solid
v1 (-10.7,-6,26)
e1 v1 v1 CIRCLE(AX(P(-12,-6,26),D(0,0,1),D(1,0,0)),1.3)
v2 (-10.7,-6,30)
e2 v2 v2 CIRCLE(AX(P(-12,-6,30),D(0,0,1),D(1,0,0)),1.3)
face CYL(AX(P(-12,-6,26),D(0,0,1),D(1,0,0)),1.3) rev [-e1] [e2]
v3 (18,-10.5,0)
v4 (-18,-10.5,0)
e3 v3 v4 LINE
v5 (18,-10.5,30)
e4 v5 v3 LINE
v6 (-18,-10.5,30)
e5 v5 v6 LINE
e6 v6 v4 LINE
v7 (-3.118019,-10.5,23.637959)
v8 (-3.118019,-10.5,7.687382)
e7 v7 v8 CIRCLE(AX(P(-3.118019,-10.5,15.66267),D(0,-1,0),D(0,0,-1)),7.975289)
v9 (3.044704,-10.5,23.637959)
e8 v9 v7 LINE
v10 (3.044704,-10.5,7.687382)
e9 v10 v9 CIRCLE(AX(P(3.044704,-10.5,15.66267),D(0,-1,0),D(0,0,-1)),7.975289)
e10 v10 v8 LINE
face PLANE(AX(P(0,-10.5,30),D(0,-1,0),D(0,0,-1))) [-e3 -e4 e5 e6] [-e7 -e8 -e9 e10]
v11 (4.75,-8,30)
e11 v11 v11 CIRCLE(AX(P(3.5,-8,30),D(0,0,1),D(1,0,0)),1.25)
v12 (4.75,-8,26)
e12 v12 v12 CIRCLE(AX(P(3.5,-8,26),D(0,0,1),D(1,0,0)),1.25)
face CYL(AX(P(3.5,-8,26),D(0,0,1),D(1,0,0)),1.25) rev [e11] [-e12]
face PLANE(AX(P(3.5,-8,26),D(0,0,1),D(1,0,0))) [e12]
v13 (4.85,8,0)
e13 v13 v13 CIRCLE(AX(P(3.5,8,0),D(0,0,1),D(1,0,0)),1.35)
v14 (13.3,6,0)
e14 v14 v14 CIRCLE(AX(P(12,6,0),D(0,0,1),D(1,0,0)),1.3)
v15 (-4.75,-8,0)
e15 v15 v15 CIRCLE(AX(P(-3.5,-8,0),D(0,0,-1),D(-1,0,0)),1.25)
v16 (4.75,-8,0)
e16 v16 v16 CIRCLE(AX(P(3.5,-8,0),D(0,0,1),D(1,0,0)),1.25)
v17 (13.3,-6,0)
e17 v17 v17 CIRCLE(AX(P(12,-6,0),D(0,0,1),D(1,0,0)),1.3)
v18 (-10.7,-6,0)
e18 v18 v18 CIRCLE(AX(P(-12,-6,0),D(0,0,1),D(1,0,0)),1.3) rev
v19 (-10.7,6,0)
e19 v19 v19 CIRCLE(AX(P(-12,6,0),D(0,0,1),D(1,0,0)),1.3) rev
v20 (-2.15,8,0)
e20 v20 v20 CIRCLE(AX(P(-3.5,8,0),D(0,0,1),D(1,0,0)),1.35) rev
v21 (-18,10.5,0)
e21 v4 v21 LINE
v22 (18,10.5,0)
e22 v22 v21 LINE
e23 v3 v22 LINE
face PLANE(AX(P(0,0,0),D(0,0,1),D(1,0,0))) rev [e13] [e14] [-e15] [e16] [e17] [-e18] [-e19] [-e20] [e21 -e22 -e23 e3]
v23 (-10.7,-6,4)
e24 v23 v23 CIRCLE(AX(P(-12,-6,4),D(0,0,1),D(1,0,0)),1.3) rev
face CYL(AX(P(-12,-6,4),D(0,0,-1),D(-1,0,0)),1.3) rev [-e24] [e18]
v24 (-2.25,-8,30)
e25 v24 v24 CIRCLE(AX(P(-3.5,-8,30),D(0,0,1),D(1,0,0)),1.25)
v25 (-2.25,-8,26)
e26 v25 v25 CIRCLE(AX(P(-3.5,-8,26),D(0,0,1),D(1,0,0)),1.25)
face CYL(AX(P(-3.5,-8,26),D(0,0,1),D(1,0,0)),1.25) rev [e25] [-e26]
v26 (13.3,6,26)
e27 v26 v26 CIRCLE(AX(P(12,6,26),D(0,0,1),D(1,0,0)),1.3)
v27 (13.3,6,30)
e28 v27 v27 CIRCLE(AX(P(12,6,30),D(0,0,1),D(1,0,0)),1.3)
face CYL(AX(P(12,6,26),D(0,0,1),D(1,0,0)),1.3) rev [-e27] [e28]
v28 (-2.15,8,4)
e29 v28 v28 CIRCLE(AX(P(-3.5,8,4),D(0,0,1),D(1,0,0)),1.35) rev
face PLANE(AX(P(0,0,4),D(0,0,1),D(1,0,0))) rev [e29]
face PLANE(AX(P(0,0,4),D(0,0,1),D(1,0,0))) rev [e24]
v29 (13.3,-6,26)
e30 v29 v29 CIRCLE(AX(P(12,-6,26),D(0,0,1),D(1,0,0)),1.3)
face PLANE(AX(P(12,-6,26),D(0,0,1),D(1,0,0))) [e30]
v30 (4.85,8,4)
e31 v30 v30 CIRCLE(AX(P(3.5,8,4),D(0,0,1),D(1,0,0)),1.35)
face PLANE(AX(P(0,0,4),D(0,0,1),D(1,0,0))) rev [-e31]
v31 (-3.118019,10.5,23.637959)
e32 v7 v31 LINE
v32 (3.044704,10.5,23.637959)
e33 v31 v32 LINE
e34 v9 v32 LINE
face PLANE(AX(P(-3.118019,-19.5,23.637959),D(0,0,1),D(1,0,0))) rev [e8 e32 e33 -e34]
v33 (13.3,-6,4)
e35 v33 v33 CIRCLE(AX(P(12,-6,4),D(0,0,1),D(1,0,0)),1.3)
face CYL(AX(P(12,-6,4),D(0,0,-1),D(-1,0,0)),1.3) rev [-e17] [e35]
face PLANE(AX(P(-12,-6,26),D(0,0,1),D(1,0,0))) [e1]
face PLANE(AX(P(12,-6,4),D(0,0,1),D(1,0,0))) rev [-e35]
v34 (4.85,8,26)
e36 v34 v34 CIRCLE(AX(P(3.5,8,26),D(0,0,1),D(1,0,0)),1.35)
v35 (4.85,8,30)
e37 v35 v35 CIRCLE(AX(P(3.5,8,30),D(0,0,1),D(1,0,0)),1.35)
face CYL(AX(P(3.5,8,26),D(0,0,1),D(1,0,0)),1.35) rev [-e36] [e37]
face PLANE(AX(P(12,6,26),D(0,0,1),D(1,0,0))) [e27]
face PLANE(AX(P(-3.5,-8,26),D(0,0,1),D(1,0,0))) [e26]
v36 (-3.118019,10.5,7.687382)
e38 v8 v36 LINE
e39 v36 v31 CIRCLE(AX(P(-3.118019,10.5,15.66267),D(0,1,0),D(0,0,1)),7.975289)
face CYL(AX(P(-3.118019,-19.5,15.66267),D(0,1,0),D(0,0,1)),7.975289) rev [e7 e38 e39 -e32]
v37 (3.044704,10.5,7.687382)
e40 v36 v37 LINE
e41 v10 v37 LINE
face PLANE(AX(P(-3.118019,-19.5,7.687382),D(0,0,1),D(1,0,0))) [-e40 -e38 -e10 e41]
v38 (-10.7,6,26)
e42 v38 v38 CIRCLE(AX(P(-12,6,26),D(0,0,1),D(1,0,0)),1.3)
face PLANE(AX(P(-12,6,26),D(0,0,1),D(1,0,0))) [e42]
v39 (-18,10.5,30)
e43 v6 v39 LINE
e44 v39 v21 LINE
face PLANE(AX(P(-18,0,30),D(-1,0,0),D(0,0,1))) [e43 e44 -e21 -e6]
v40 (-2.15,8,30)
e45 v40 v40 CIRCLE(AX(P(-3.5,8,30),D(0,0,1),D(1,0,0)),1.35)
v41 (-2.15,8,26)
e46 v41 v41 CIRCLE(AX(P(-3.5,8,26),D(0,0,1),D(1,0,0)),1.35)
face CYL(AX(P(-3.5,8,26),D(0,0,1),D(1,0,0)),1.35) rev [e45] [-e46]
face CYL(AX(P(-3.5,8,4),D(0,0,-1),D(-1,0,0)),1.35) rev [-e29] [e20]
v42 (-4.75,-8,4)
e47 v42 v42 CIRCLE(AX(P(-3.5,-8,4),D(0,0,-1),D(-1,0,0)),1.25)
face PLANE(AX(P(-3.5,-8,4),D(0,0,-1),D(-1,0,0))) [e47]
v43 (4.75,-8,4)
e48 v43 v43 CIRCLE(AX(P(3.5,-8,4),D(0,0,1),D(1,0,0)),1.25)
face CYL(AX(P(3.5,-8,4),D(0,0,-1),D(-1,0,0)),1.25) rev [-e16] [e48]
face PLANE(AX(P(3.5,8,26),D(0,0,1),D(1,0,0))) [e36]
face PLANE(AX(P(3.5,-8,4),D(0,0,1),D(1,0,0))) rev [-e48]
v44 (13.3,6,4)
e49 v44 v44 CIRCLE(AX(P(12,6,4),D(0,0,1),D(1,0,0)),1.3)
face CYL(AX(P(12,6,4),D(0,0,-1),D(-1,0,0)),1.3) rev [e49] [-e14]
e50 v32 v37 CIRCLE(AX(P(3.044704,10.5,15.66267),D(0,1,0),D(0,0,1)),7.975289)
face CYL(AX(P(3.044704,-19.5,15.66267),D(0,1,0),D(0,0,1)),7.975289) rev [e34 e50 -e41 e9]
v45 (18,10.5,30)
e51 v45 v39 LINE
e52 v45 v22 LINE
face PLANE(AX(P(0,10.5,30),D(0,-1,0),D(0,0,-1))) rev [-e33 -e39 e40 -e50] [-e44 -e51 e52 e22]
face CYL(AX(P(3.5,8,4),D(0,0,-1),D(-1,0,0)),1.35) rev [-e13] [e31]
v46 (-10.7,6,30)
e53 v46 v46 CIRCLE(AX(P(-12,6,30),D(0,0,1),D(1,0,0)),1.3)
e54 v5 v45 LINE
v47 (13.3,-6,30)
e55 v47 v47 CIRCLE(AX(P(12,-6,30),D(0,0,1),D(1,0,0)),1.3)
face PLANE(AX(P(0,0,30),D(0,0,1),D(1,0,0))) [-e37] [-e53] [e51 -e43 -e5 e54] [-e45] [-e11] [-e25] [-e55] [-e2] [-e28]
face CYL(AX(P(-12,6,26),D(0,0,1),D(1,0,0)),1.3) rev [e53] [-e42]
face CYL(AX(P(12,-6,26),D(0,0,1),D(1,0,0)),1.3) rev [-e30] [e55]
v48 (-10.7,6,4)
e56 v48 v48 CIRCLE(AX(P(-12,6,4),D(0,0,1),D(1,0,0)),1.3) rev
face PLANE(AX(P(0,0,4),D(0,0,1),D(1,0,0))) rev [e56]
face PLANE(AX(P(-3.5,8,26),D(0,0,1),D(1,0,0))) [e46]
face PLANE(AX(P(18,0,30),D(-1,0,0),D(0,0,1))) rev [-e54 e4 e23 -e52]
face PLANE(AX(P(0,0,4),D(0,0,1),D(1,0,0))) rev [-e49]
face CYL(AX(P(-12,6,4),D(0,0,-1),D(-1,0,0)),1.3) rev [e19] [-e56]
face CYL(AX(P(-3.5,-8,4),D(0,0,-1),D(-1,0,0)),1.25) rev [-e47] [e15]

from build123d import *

# Parameters (mm, degrees)
SKETCH_1_W          = 36
SKETCH_1_H          = 21
SKETCH_1_R          = 1.25
SKETCH_1_R_2        = 1.3
SKETCH_1_R_3        = 1.35
EXTRUDE_1_DEPTH     = 30
SKETCH_1_5_R        = 1.3
SKETCH_1_5_R_2      = 1.35
SKETCH_1_5_R_3      = 1.25
CUT_EXTRUDE_1_DEPTH = 4
CUT_EXTRUDE_START   = 30
SKETCH_1_6_R        = 1.35
SKETCH_1_6_R_2      = 1.3
SKETCH_1_6_R_3      = 1.25
CUT_EXTRUDE_2_DEPTH = 4
CUT_EXTRUDE1_DEPTH  = 30


with BuildPart() as part:
    # 스케치1 → 보스-돌출1 (new body)
    with BuildSketch(Plane.XY):
        Rectangle(SKETCH_1_W, SKETCH_1_H)
        with Locations((-3.5, -8)):
            Circle(SKETCH_1_R, mode=Mode.SUBTRACT)
        with Locations((3.5, -8)):
            Circle(SKETCH_1_R, mode=Mode.SUBTRACT)
        with Locations((-12, 6)):
            Circle(SKETCH_1_R_2, mode=Mode.SUBTRACT)
        with Locations((12, 6)):
            Circle(SKETCH_1_R_2, mode=Mode.SUBTRACT)
        with Locations((12, -6)):
            Circle(SKETCH_1_R_2, mode=Mode.SUBTRACT)
        with Locations((-12, -6)):
            Circle(SKETCH_1_R_2, mode=Mode.SUBTRACT)
        with Locations((3.5, 8)):
            Circle(SKETCH_1_R_3, mode=Mode.SUBTRACT)
        with Locations((-3.5, 8)):
            Circle(SKETCH_1_R_3, mode=Mode.SUBTRACT)
        with Locations((12, -6)):
            Circle(SKETCH_1_R_2)
        with Locations((3.5, -8)):
            Circle(SKETCH_1_R)
        with Locations((-3.5, -8)):
            Circle(SKETCH_1_R)
        with Locations((-12, -6)):
            Circle(SKETCH_1_R_2)
        with Locations((-12, 6)):
            Circle(SKETCH_1_R_2)
        with Locations((-3.5, 8)):
            Circle(SKETCH_1_R_3)
        with Locations((3.5, 8)):
            Circle(SKETCH_1_R_3)
        with Locations((12, 6)):
            Circle(SKETCH_1_R_2)
    extrude(amount=EXTRUDE_1_DEPTH)

    # 스케치1<5> → 컷-돌출1 (cut)
    with BuildSketch(Plane.XY):
        with Locations((12, 6)):
            Circle(SKETCH_1_5_R)
        with Locations((3.5, 8)):
            Circle(SKETCH_1_5_R_2)
        with Locations((-3.5, 8)):
            Circle(SKETCH_1_5_R_2)
        with Locations((-12, 6)):
            Circle(SKETCH_1_5_R)
        with Locations((-12, -6)):
            Circle(SKETCH_1_5_R)
        with Locations(Location((-3.5, -8, 0), (0, 0, 180))):
            Circle(SKETCH_1_5_R_3)
        with Locations((3.5, -8)):
            Circle(SKETCH_1_5_R_3)
        with Locations((12, -6)):
            Circle(SKETCH_1_5_R)
    extrude(amount=CUT_EXTRUDE_1_DEPTH, mode=Mode.SUBTRACT)

    # 스케치1<6> → 컷-돌출2 (cut)
    with BuildSketch(Plane.XY.offset(CUT_EXTRUDE_START)):
        with Locations((3.5, 8)):
            Circle(SKETCH_1_6_R)
        with Locations((12, 6)):
            Circle(SKETCH_1_6_R_2)
        with Locations((-3.5, 8)):
            Circle(SKETCH_1_6_R)
        with Locations((-12, 6)):
            Circle(SKETCH_1_6_R_2)
        with Locations((-12, -6)):
            Circle(SKETCH_1_6_R_2)
        with Locations(Location((-3.5, -8, 0), (0, 0, 180))):
            Circle(SKETCH_1_6_R_3)
        with Locations((3.5, -8)):
            Circle(SKETCH_1_6_R_3)
        with Locations((12, -6)):
            Circle(SKETCH_1_6_R_2)
    extrude(amount=-CUT_EXTRUDE_2_DEPTH, mode=Mode.SUBTRACT)

    # Sketch1 → Cut-Extrude1 (cut)
    with BuildSketch(Plane(origin=(0, 10.5, 0), x_dir=(1, 0, 0), z_dir=(0, 1, 0))):
        with BuildLine():
            Line((-3.118018925, -7.687381661), (3.044704105, -7.687381661))
            ThreePointArc((3.044704105, -7.687381661), (11.019992732, -15.662670288), (3.044704105, -23.637958915))
            Line((3.044704105, -23.637958915), (-3.118018925, -23.637958915))
            ThreePointArc((-3.118018925, -23.637958915), (-11.093307551, -15.662670288), (-3.118018925, -7.687381661))
        make_face()
    extrude(amount=-CUT_EXTRUDE1_DEPTH, mode=Mode.SUBTRACT)


solid = part.part
